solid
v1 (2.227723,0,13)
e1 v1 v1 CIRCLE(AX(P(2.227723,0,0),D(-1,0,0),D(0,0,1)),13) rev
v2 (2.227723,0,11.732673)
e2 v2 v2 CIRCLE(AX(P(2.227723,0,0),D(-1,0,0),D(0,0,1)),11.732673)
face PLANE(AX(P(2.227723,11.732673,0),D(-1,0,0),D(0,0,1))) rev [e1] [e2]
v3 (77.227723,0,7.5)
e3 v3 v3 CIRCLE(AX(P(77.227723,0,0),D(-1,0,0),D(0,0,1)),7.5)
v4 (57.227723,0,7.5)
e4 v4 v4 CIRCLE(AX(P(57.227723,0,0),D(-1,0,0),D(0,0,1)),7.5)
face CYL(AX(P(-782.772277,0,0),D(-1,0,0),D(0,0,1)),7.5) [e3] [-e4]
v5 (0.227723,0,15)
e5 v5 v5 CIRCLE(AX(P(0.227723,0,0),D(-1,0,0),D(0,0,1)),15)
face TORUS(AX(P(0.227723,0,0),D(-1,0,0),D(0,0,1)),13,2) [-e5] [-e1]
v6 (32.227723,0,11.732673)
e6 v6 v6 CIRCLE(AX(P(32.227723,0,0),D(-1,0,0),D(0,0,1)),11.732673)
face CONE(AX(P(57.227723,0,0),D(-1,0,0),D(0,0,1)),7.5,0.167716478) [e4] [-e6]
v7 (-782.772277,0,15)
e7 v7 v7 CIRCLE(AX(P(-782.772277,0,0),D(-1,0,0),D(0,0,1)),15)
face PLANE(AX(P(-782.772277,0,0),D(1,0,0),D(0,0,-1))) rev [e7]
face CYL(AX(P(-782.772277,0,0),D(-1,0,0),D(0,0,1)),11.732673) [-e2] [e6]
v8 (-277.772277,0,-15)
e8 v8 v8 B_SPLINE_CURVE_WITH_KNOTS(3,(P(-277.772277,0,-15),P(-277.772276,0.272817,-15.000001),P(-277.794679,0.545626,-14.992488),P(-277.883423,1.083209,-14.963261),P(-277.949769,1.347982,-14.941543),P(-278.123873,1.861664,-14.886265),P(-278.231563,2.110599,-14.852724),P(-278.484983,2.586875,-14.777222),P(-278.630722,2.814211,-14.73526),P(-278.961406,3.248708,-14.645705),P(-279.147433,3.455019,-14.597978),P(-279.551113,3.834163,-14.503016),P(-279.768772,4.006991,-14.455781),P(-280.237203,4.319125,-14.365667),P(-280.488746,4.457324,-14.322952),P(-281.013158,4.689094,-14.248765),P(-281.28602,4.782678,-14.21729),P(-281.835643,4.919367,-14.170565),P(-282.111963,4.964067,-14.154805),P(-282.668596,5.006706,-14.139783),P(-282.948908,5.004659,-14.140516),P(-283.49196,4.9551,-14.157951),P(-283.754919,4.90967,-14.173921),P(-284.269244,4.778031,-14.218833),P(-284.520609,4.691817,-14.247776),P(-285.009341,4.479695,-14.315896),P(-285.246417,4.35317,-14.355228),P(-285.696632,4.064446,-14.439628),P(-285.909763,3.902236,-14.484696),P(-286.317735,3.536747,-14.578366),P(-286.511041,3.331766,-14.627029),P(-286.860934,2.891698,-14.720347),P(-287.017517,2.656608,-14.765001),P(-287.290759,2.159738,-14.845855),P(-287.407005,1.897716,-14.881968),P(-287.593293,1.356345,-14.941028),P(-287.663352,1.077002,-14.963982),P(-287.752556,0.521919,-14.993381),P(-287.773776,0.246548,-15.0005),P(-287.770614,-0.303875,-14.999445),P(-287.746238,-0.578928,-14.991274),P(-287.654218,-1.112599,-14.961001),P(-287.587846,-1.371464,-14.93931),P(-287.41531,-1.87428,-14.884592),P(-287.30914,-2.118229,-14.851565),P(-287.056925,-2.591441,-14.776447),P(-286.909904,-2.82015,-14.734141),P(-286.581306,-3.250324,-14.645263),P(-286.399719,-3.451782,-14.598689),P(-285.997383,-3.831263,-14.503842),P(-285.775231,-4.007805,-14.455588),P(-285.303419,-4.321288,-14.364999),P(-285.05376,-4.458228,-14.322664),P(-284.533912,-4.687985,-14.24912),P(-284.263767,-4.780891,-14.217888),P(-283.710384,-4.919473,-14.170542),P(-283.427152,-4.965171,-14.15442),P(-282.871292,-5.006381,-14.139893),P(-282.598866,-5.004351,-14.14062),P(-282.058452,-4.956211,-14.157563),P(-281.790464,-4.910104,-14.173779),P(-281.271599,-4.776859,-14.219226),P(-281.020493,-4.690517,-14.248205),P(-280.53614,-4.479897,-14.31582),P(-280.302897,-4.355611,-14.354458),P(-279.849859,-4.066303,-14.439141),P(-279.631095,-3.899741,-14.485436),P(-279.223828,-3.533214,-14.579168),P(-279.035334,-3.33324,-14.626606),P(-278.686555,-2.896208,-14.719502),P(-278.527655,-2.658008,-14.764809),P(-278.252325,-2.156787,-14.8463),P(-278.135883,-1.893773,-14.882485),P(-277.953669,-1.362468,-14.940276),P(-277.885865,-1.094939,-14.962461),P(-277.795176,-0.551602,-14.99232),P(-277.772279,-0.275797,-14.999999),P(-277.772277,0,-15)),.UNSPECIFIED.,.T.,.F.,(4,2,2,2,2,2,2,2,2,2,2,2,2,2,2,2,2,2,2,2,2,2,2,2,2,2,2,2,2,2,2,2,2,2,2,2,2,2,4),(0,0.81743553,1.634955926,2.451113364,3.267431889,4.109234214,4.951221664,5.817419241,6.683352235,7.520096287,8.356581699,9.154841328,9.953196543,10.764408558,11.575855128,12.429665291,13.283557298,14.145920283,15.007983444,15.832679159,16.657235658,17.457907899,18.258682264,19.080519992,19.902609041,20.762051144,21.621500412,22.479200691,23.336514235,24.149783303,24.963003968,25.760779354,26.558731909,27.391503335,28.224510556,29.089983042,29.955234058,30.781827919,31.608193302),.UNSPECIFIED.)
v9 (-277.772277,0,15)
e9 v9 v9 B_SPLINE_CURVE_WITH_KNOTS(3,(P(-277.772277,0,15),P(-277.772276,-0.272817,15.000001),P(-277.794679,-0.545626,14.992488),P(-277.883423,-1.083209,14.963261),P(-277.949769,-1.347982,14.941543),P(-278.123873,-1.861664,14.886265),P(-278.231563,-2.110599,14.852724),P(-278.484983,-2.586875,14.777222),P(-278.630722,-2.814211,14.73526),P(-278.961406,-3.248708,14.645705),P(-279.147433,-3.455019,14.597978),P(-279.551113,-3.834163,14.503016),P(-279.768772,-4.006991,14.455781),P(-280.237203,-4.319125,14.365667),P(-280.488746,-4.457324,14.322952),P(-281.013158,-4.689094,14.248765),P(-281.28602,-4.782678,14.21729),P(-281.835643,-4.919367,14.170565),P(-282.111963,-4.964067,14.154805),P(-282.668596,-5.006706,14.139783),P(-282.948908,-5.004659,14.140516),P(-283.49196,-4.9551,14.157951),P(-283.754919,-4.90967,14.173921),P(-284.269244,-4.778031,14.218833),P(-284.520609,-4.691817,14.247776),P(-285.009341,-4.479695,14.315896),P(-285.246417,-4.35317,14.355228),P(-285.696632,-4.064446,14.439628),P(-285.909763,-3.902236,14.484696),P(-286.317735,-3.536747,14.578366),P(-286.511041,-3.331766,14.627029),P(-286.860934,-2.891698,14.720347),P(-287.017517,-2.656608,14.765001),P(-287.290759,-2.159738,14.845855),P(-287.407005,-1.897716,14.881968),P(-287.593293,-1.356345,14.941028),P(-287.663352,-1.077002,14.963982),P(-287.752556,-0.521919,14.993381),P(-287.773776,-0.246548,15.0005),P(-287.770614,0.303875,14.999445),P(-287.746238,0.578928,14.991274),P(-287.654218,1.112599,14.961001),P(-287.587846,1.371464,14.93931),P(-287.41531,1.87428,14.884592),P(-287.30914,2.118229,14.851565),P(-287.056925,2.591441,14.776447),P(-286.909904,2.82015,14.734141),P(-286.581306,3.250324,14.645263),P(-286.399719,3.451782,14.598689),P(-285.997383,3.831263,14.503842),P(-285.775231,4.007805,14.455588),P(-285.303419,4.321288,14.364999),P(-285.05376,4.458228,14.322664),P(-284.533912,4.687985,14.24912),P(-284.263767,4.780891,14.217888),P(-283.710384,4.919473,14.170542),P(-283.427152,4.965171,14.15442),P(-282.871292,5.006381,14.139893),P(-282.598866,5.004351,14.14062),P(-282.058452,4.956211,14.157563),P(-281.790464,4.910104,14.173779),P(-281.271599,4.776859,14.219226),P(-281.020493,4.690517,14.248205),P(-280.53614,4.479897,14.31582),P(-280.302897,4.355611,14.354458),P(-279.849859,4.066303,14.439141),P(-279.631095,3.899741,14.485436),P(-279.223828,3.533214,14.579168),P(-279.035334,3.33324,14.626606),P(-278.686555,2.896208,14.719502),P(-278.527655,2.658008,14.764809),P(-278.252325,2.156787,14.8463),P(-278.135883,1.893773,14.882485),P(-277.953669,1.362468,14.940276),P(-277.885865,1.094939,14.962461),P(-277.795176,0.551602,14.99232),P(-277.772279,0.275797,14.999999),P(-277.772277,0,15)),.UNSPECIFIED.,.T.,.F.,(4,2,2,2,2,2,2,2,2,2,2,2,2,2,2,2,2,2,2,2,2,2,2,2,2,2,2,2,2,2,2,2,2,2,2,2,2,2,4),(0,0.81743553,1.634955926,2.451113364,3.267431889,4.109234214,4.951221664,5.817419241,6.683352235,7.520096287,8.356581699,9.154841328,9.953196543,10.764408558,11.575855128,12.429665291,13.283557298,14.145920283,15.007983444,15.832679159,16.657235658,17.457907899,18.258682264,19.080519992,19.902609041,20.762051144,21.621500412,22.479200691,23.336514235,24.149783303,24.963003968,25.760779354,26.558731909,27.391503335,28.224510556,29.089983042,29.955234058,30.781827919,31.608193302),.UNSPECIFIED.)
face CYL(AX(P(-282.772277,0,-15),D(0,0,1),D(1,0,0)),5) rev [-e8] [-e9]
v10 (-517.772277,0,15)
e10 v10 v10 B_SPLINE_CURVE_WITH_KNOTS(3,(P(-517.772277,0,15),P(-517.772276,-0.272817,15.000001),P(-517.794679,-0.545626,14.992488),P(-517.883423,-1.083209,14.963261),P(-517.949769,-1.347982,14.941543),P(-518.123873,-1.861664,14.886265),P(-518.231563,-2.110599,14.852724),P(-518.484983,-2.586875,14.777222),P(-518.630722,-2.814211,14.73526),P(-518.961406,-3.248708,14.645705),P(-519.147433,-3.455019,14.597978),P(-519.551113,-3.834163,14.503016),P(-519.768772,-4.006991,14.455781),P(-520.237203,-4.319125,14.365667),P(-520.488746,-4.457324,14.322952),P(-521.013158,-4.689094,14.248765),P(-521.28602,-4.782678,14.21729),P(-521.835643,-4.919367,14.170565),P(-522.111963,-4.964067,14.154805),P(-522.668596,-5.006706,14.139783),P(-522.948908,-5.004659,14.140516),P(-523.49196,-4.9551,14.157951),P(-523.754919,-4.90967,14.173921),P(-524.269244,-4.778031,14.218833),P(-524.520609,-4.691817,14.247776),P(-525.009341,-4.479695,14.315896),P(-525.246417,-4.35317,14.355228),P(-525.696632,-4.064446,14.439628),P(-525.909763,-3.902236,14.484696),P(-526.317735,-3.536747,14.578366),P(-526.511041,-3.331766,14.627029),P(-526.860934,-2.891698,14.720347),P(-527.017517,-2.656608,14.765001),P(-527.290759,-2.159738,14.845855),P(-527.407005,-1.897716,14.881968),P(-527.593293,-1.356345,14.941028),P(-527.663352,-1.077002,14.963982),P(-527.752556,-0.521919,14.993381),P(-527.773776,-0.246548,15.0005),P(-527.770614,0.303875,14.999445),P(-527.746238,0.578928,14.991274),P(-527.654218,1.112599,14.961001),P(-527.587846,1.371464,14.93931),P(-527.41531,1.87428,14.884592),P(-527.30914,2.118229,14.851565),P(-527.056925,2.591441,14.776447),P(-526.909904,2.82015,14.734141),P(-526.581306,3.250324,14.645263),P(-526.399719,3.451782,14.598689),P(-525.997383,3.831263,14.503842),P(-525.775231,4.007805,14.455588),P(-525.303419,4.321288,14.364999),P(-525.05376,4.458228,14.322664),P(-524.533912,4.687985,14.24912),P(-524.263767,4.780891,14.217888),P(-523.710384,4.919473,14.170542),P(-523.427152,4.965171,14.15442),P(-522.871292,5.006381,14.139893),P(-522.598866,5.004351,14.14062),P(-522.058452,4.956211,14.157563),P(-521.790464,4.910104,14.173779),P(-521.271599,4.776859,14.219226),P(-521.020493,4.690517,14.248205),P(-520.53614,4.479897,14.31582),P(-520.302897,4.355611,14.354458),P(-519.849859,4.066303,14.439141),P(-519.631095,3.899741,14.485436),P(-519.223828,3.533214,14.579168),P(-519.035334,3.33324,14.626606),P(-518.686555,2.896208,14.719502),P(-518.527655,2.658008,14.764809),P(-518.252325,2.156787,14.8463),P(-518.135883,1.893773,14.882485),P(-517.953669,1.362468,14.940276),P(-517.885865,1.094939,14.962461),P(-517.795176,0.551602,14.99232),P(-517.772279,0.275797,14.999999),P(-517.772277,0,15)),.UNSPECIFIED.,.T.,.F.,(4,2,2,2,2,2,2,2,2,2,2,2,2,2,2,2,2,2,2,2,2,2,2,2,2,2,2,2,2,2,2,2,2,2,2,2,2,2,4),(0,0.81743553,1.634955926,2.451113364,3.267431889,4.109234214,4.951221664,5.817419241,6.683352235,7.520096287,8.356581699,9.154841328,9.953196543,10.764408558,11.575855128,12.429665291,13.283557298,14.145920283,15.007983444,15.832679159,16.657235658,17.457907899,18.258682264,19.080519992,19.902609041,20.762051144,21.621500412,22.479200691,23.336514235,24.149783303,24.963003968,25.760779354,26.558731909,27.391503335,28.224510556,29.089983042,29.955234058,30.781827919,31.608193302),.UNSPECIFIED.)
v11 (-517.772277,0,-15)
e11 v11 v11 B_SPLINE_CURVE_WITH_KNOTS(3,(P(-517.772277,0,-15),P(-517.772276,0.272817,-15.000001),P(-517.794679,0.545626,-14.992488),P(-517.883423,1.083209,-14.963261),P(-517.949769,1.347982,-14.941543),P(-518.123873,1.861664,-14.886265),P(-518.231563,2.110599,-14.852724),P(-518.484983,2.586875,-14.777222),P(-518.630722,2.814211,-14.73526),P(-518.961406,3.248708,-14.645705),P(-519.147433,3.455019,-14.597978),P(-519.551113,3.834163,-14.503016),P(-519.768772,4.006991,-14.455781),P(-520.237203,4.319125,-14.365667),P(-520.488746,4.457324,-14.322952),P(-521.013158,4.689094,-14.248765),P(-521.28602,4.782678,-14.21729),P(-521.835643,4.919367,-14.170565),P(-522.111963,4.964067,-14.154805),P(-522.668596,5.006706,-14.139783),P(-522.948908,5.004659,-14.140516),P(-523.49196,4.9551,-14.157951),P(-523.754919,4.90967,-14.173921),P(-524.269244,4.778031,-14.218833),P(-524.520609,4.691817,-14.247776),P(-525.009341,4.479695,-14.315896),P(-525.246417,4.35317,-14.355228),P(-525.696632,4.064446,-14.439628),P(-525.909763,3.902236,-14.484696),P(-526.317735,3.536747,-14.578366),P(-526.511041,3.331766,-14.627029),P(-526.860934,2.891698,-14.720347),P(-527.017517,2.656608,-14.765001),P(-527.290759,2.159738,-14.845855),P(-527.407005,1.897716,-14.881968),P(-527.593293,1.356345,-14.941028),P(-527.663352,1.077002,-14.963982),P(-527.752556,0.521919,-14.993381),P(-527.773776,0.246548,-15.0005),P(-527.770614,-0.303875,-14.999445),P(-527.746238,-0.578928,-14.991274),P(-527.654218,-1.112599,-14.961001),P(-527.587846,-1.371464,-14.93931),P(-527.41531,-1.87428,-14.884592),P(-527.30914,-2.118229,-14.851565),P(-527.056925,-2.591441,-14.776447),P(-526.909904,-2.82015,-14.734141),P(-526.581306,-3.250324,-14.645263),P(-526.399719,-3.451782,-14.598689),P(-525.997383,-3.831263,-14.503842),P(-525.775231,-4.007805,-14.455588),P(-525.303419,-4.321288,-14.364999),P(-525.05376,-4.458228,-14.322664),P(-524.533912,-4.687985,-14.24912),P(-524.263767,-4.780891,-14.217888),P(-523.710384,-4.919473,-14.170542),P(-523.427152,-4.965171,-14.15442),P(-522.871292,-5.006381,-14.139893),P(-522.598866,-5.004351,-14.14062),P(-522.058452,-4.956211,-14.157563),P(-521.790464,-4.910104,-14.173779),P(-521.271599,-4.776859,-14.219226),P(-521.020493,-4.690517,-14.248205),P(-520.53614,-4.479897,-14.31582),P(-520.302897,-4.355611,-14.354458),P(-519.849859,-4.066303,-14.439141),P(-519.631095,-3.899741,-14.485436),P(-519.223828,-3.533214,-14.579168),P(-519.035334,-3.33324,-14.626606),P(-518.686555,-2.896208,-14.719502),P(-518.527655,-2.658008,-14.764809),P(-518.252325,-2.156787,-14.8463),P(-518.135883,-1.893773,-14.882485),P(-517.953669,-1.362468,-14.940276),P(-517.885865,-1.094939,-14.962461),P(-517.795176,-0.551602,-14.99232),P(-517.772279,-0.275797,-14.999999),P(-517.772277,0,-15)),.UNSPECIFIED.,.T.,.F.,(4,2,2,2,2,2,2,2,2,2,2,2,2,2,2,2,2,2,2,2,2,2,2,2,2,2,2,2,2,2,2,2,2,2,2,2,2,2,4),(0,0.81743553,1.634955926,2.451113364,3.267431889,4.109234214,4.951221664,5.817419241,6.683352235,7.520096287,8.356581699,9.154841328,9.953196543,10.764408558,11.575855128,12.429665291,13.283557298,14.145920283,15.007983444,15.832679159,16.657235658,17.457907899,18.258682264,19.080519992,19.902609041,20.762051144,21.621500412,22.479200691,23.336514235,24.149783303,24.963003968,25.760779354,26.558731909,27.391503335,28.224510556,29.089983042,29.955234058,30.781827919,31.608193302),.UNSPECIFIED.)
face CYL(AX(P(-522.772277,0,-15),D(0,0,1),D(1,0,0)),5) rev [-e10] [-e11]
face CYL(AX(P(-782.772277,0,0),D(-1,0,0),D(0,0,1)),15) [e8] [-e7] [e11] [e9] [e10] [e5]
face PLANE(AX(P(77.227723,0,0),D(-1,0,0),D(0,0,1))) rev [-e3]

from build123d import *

# Parameters (mm, degrees)
FILLET1_R               = 2
SKETCH2_R               = 5
CUT_EXTRUDE1_DEPTH      = 16
CUT_EXTRUDE1_DEPTH_BACK = 16


with BuildPart() as part:
    # Sketch1 → Revolve1 (revolve)
    with BuildSketch(Plane.XY):
        Polygon((-782.772277228, 0), (-782.772277228, 15), (2.227722772, 15), (2.227722772, 11.732673267), (32.227722772, 11.732673267), (57.227722772, 7.5), (77.227722772, 7.5), (77.227722772, 0), align=None)
    revolve(axis=Axis((-782.772277228, 0, 0), (1, 0, 0)))

    # Fillet1
    fillet1_edges = [part.edges().sort_by_distance(p)[0] for p in [
        (2.227722772, -15, 0),
    ]]
    fillet(fillet1_edges, radius=FILLET1_R)

    # Sketch2 → Cut-Extrude1 (cut, two sides)
    with BuildSketch(Plane.XY) as cut_extrude1_sk:
        with Locations((-522.772277228, 0)):
            Circle(SKETCH2_R)
        with Locations((-282.772277228, 0)):
            Circle(SKETCH2_R)
    extrude(amount=CUT_EXTRUDE1_DEPTH, mode=Mode.SUBTRACT)
    extrude(cut_extrude1_sk.sketch, amount=-CUT_EXTRUDE1_DEPTH_BACK, mode=Mode.SUBTRACT)


solid = part.part
